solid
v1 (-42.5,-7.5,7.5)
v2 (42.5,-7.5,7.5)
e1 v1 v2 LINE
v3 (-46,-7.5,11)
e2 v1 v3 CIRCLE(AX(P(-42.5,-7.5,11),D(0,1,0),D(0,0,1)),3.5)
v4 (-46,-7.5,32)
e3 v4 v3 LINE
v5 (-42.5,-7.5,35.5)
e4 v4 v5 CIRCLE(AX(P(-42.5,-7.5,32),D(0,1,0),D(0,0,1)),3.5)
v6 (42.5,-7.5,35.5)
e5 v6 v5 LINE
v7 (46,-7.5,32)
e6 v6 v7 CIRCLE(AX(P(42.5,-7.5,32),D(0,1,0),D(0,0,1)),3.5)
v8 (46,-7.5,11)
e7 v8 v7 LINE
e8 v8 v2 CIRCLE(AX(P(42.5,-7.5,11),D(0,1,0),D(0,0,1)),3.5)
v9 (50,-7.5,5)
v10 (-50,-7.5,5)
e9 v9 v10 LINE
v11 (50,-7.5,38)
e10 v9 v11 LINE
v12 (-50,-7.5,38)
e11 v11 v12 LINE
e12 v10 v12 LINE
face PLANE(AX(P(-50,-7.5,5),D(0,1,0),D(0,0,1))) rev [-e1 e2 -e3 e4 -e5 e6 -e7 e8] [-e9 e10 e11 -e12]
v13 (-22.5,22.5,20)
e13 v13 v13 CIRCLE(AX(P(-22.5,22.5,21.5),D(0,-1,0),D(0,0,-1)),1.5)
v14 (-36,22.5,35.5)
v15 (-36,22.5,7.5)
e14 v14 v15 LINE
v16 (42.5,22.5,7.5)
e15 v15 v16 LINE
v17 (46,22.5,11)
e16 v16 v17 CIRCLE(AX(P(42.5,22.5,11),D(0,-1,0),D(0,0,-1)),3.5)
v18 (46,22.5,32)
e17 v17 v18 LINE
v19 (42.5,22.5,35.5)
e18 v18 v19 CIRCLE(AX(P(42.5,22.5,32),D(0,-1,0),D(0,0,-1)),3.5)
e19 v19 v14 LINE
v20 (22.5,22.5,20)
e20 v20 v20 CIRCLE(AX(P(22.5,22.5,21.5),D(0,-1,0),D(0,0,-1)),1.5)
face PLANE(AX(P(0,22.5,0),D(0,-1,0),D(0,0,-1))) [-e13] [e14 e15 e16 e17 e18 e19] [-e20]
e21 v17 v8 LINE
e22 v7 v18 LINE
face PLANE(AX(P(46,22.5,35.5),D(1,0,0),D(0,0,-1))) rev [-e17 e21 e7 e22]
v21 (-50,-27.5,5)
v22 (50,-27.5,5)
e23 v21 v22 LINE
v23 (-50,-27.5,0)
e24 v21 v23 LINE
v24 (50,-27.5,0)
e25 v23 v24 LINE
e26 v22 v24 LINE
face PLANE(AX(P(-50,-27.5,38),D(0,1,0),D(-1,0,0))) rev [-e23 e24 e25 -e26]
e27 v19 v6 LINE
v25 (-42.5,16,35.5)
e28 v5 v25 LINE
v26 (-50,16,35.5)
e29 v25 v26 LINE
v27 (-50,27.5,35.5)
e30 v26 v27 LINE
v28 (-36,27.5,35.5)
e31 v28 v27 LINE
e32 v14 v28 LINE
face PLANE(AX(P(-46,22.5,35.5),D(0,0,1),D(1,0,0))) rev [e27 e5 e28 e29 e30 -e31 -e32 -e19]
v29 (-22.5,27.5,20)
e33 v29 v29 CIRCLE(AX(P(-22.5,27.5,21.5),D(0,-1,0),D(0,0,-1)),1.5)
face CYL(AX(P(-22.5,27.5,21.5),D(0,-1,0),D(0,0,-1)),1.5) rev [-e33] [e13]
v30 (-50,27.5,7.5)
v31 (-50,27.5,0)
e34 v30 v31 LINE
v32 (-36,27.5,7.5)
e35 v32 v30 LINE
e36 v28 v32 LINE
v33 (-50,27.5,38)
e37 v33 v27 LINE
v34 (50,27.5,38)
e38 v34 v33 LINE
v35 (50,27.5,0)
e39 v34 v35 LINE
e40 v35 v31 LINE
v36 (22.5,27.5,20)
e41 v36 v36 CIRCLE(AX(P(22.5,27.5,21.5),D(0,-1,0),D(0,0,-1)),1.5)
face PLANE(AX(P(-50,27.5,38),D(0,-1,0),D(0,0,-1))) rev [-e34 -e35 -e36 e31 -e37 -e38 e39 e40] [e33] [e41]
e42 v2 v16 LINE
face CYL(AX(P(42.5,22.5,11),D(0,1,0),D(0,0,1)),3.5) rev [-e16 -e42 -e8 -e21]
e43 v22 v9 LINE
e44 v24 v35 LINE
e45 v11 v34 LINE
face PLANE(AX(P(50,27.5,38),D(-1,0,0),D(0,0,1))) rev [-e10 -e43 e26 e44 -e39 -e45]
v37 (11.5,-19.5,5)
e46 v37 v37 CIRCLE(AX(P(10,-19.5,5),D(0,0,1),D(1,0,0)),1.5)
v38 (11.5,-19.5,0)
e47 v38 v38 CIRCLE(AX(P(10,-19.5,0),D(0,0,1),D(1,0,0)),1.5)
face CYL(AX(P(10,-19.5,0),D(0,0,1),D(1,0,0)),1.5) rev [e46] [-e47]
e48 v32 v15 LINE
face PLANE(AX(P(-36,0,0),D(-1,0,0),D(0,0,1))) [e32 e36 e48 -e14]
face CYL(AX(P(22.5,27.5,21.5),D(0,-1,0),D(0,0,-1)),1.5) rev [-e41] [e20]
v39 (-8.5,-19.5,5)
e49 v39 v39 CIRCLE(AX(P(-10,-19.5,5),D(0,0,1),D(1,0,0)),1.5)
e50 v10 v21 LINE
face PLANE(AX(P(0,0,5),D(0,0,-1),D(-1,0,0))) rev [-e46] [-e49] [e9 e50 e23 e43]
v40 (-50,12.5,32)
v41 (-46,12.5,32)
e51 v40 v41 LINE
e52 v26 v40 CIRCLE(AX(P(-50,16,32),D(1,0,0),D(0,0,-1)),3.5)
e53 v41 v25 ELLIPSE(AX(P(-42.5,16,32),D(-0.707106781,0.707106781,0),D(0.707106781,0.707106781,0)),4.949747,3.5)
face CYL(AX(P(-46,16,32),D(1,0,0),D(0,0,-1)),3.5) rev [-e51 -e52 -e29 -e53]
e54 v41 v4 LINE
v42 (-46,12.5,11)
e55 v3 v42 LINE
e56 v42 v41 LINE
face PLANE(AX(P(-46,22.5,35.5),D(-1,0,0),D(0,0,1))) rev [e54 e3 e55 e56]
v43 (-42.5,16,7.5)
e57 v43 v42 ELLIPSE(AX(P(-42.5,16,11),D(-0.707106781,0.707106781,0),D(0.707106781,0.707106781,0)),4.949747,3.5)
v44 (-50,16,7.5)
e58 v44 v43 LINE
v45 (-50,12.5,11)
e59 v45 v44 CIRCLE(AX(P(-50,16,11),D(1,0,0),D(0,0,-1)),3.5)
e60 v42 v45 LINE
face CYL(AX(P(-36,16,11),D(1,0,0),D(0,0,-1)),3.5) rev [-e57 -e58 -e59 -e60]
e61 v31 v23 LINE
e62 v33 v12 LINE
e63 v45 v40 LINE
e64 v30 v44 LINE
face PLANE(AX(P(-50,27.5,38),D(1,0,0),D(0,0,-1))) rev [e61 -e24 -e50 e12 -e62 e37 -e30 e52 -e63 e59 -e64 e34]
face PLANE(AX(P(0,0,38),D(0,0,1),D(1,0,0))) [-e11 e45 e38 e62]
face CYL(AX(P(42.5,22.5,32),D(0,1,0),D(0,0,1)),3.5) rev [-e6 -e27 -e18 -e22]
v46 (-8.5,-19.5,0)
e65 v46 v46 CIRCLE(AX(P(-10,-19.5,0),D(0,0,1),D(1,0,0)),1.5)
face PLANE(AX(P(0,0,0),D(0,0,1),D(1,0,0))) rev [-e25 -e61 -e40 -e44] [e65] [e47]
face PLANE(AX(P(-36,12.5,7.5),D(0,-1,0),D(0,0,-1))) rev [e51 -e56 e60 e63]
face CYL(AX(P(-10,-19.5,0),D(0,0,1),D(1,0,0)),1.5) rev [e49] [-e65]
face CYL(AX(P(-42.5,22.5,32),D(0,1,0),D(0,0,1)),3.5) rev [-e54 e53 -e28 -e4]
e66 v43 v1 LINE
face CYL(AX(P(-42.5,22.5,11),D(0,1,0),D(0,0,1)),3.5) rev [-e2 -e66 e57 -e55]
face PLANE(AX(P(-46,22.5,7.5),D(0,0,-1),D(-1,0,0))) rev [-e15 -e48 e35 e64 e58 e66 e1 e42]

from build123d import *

# Parameters (mm, degrees)
SKIZZE1_W                       = 100
SKIZZE1_H                       = 55
AUFSATZ_LINEAR_AUSTRAGEN1_DEPTH = 38
SKIZZE2_W                       = 100
SKIZZE2_H                       = 20
SCHNITT_LINEAR_AUSTRAGEN1_DEPTH = 33
SKIZZE4_R                       = 1.5
SCHNITT_LINEAR_AUSTRAGEN2_DEPTH = 66.918510299
SKIZZE5_W                       = 92
SKIZZE5_H                       = 28
SCHNITT_LINEAR_AUSTRAGEN3_DEPTH = 30
SKIZZE6_R                       = 1.5
SCHNITT_LINEAR_AUSTRAGEN4_DEPTH = 81.274528962
VERRUNDUNG1_R                   = 3.5
SKIZZE7_W                       = 28
SKIZZE7_H                       = 15
SCHNITT_LINEAR_AUSTRAGEN5_DEPTH = 14
VERRUNDUNG5_R                   = 3.5


with BuildPart() as part:
    # Skizze1 → Aufsatz-Linear austragen1 (new body)
    with BuildSketch(Plane.XY):
        Rectangle(SKIZZE1_W, SKIZZE1_H)
    extrude(amount=AUFSATZ_LINEAR_AUSTRAGEN1_DEPTH)

    # Skizze2 → Schnitt-Linear austragen1 (cut)
    with BuildSketch(Plane.XY.offset(38)):
        with Locations((0, -17.5)):
            Rectangle(SKIZZE2_W, SKIZZE2_H)
    extrude(amount=-SCHNITT_LINEAR_AUSTRAGEN1_DEPTH, mode=Mode.SUBTRACT)

    # Skizze4 → Schnitt-Linear austragen2 (cut, through all)
    with BuildSketch(Plane.XY.offset(5)):
        with Locations((-10, -19.5)):
            Circle(SKIZZE4_R)
        with Locations((10, -19.5)):
            Circle(SKIZZE4_R)
    extrude(amount=-SCHNITT_LINEAR_AUSTRAGEN2_DEPTH, mode=Mode.SUBTRACT)

    # Skizze5 → Schnitt-Linear austragen3 (cut)
    with BuildSketch(Plane.XZ.offset(7.5)):
        with Locations((0, 21.5)):
            Rectangle(SKIZZE5_W, SKIZZE5_H)
    extrude(amount=-SCHNITT_LINEAR_AUSTRAGEN3_DEPTH, mode=Mode.SUBTRACT)

    # Skizze6 → Schnitt-Linear austragen4 (cut, through all)
    with BuildSketch(Plane.XZ.offset(-22.5)):
        with Locations(Location((-22.5, 21.5, 0), (0, 0, 270))):
            Circle(SKIZZE6_R)
        with Locations(Location((22.5, 21.5, 0), (0, 0, 270))):
            Circle(SKIZZE6_R)
    extrude(amount=-SCHNITT_LINEAR_AUSTRAGEN4_DEPTH, mode=Mode.SUBTRACT)

    # Verrundung1
    verrundung1_edges = [part.edges().sort_by_distance(p)[0] for p in [
        (-46, 7.5, 7.5),
        (-46, 7.5, 35.5),
        (46, 7.5, 35.5),
        (46, 7.5, 7.5),
    ]]
    fillet(verrundung1_edges, radius=VERRUNDUNG1_R)

    # Skizze7 → Schnitt-Linear austragen5 (cut)
    with BuildSketch(Plane.ZY.offset(50)):
        with Locations((21.5, 20)):
            Rectangle(SKIZZE7_W, SKIZZE7_H)
    extrude(amount=-SCHNITT_LINEAR_AUSTRAGEN5_DEPTH, mode=Mode.SUBTRACT)

    # Verrundung5
    verrundung5_edges = [part.edges().sort_by_distance(p)[0] for p in [
        (-46.25, 12.5, 35.5),
        (-46.25, 12.5, 7.5),
    ]]
    fillet(verrundung5_edges, radius=VERRUNDUNG5_R)


solid = part.part
